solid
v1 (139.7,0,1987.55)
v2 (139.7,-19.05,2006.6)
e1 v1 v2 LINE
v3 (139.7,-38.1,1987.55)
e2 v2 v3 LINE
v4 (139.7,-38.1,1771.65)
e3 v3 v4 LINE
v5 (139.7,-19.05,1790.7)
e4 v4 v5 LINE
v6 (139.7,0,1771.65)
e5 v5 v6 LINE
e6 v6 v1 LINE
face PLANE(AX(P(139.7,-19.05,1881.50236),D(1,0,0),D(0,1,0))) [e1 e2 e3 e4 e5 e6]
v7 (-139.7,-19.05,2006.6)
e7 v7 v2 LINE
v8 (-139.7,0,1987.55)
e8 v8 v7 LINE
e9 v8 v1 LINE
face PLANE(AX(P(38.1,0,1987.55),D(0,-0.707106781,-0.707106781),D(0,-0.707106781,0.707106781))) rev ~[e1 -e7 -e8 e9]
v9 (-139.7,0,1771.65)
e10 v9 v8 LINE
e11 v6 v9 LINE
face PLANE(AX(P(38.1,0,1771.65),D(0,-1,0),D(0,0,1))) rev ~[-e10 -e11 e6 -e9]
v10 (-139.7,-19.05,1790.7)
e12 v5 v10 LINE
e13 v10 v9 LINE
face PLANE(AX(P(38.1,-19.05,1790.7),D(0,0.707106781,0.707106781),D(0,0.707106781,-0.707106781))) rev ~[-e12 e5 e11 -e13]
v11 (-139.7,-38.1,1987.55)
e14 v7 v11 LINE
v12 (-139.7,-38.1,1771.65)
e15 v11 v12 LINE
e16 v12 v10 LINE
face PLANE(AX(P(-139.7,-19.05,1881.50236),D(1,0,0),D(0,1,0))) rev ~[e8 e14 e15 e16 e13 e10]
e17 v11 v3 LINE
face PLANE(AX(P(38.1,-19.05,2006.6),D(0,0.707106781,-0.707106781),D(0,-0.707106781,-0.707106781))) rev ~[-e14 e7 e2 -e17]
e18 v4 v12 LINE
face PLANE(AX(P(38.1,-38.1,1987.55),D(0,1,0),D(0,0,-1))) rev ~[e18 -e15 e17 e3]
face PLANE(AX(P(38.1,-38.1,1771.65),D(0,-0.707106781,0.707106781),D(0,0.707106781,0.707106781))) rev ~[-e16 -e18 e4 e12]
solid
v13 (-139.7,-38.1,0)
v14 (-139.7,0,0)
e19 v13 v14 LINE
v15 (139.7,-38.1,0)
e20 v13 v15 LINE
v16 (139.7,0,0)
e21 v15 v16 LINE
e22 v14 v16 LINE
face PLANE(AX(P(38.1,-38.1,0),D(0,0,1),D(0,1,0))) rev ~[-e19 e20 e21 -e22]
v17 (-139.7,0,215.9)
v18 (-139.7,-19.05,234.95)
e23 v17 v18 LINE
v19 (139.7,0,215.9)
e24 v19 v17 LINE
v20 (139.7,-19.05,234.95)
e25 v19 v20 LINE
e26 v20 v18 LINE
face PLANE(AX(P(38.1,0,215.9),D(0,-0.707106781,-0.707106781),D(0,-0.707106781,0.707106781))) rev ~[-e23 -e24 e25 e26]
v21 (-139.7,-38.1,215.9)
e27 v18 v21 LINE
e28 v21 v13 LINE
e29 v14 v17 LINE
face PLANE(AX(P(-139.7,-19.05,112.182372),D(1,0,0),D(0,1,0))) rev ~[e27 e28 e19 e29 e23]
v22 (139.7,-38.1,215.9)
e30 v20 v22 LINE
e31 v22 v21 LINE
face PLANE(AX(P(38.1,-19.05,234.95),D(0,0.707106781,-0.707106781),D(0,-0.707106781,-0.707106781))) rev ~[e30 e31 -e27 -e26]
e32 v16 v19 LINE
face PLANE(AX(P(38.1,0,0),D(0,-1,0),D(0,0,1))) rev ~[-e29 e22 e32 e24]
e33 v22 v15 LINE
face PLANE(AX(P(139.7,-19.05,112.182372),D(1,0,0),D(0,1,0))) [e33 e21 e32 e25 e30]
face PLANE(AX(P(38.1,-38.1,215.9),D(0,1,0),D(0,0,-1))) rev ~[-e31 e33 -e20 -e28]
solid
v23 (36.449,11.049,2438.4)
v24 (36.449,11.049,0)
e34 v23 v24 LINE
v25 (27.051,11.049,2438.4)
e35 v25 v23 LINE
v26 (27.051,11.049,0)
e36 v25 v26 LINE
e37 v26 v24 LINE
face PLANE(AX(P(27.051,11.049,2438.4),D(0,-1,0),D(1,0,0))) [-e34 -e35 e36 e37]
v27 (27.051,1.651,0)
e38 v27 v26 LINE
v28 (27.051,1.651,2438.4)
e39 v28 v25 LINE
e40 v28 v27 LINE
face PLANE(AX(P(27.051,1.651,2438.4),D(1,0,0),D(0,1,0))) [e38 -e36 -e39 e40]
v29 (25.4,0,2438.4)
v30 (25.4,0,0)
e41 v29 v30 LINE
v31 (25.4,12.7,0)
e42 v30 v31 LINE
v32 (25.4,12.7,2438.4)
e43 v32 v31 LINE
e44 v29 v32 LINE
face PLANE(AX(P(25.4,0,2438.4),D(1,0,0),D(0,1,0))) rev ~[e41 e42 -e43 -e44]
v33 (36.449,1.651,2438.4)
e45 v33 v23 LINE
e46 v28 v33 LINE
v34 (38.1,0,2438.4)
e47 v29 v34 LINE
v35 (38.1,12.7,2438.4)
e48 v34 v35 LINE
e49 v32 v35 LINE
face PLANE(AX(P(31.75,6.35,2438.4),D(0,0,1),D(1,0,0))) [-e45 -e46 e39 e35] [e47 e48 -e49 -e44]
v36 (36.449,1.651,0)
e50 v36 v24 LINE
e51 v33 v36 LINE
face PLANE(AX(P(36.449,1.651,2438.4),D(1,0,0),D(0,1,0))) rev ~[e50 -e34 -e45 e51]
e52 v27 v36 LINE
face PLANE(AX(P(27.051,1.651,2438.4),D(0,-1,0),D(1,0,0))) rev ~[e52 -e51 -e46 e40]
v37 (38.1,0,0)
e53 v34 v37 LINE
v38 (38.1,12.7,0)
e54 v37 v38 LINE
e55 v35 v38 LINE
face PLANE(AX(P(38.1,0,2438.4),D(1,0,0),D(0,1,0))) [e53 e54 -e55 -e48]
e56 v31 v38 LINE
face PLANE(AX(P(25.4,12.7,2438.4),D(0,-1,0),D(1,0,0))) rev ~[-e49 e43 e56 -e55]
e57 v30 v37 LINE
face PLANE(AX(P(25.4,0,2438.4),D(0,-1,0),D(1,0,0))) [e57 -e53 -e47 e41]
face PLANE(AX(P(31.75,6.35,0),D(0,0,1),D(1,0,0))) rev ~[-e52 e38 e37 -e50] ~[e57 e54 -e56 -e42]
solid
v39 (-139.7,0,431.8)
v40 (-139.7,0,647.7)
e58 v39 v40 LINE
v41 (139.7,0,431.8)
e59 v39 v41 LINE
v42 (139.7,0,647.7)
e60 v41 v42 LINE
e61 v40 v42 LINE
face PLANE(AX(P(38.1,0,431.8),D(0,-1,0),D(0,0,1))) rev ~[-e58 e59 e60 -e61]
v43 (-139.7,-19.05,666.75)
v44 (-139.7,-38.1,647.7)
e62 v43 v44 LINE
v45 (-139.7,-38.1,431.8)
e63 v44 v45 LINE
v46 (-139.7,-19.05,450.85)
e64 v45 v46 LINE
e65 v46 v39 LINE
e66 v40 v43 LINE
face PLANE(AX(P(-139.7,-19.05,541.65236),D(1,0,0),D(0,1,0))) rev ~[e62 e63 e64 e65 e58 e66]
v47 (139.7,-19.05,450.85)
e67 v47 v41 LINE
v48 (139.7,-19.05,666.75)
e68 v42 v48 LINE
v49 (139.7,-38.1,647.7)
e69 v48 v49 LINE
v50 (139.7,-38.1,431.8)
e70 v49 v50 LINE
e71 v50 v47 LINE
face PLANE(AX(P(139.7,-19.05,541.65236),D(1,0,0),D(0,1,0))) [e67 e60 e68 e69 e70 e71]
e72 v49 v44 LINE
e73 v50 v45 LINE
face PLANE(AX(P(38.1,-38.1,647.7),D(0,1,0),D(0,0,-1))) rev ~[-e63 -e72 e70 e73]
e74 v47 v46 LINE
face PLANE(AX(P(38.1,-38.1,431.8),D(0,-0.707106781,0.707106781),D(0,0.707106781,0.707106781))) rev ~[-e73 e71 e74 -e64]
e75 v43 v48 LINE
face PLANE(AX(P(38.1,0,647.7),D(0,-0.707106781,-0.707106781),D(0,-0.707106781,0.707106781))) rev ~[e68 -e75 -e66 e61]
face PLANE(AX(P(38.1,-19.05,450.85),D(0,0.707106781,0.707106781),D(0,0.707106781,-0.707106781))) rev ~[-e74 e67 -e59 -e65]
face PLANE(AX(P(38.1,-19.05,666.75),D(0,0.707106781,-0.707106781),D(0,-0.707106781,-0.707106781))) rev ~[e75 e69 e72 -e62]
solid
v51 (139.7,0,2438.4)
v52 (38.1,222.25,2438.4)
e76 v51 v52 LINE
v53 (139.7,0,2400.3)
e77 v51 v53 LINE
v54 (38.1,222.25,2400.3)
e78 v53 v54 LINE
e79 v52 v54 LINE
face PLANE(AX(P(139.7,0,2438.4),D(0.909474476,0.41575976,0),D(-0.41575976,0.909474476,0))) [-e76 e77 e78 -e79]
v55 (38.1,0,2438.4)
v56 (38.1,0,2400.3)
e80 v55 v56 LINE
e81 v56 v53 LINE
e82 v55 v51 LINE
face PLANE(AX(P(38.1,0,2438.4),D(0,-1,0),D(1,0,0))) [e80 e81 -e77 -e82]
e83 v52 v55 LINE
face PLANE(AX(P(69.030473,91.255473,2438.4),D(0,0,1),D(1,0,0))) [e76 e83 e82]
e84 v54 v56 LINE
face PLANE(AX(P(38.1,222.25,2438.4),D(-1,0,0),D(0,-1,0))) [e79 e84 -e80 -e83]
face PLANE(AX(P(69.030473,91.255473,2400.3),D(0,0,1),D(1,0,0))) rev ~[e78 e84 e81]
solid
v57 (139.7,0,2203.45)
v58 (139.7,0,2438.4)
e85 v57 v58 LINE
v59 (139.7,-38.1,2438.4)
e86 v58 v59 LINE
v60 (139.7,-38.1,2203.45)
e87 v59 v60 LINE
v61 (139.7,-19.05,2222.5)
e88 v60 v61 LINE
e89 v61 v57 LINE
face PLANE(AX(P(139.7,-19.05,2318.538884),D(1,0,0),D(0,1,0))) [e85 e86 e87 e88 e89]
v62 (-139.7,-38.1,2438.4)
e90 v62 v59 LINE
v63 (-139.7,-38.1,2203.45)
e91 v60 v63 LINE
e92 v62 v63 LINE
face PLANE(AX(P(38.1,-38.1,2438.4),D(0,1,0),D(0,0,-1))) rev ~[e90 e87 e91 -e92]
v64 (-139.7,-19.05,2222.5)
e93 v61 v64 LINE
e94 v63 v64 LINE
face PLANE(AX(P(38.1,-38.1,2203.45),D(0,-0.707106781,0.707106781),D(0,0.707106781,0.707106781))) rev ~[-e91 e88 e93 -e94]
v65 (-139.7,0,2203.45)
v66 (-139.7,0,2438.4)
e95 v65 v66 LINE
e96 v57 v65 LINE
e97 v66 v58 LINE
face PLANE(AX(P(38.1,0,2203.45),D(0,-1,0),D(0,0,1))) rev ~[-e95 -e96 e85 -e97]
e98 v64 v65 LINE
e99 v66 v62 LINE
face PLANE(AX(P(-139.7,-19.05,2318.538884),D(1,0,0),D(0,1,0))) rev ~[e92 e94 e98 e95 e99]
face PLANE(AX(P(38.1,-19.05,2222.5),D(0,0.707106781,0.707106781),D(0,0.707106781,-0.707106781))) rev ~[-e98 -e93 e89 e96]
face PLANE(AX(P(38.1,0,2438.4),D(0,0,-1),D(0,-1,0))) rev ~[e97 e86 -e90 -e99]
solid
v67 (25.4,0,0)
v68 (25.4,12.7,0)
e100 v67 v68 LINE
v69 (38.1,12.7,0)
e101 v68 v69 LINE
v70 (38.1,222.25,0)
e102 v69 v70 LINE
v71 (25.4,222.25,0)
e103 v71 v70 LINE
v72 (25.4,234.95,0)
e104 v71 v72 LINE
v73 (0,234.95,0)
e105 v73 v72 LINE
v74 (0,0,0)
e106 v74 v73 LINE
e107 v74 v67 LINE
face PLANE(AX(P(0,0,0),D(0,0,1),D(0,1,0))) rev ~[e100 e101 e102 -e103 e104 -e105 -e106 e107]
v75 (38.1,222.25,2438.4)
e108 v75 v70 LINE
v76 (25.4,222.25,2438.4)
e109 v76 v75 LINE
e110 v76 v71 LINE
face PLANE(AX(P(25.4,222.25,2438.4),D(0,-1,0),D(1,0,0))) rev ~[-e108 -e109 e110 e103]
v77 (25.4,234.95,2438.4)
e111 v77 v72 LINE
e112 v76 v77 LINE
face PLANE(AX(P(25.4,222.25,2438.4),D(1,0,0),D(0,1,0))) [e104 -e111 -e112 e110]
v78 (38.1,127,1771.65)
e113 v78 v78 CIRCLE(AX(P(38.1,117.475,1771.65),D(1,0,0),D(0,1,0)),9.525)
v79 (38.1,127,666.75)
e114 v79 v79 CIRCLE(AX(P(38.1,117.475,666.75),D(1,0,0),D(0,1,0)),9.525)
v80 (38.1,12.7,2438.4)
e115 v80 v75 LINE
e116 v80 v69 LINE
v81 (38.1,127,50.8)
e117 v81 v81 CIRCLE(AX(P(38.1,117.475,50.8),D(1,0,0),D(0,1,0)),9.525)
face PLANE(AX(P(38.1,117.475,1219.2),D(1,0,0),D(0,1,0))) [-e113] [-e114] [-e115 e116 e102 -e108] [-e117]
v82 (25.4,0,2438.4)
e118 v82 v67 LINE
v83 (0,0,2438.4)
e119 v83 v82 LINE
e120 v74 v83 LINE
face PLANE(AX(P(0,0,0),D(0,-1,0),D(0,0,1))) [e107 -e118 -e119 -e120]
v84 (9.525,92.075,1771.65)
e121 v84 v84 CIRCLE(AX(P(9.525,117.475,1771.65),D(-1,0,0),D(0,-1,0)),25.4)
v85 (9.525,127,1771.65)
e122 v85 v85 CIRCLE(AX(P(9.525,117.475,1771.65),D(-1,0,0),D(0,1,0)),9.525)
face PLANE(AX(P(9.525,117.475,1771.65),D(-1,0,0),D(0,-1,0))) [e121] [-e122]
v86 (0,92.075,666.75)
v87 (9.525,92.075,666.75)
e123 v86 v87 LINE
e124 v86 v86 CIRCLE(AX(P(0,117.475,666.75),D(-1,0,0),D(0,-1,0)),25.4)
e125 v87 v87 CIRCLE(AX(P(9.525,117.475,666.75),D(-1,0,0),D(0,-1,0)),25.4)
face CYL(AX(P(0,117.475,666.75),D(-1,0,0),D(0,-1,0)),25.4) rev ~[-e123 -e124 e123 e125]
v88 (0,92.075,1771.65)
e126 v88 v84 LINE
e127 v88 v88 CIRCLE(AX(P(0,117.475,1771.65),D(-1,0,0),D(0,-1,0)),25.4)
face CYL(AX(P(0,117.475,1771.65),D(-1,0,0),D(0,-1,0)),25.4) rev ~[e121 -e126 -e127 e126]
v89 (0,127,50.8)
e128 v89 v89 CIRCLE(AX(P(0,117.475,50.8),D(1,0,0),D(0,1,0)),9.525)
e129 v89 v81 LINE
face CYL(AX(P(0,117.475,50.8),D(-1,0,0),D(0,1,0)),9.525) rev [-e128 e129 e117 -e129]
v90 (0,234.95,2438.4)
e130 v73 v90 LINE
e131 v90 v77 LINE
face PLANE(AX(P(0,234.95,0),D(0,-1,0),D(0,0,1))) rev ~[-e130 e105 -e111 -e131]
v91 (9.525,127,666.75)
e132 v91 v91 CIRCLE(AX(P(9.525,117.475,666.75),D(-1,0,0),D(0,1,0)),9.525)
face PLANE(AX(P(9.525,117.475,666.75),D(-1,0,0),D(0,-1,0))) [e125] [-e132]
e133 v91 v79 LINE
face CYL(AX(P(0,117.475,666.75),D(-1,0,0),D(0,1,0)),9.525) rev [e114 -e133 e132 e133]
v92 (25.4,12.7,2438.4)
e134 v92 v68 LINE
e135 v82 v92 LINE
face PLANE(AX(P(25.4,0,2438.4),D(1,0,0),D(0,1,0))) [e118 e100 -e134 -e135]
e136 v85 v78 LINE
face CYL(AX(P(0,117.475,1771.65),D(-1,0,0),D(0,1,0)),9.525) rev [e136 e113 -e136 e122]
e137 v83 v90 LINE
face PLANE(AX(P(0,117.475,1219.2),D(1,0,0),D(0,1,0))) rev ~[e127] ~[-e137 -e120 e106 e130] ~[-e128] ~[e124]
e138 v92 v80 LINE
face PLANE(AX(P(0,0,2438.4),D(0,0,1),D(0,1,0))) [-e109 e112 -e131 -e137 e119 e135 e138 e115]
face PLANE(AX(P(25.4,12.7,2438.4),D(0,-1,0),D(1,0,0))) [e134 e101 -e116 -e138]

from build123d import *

# Parameters (mm, degrees)
F0_W          = 234.95
F0_H          = 2438.4
F0_R          = 9.525
F1_DEPTH      = 38.1
F3_DEPTH      = 177.8
F3_DEPTH_BACK = 101.6
F4_W          = 12.7
F4_H          = 12.7
F5_DEPTH      = 2438.401
F7_DEPTH      = 38.1
F8_W          = 12.7
F8_H          = 12.7
F8_W_2        = 9.398
F8_H_2        = 9.398
F9_DEPTH      = 2438.4
F10_R         = 25.4
F11_DEPTH     = 9.525


with BuildPart() as f1:
    # F0 (on Right) → F1 (new body)
    with BuildSketch(Plane.YZ):
        with Locations((117.475, 1219.2)):
            Rectangle(F0_W, F0_H)
        with Locations((117.475, 50.8)):
            Circle(F0_R, mode=Mode.SUBTRACT)
        with Locations((117.475, 666.75)):
            Circle(F0_R, mode=Mode.SUBTRACT)
        with Locations((117.475, 1771.65)):
            Circle(F0_R, mode=Mode.SUBTRACT)
    extrude(amount=F1_DEPTH)

    # F4 (on face) → F5 (cut, through all)
    with BuildSketch(Plane.XY.offset(2438.4)):
        with Locations((31.75, 228.6)):
            Rectangle(F4_W, F4_H)
        with Locations((31.75, 6.35)):
            Rectangle(F4_W, F4_H)
    extrude(amount=-F5_DEPTH, mode=Mode.SUBTRACT)

    # F10 (on face) → F11 (cut)
    with BuildSketch(Plane(origin=(0, 0, 0), x_dir=(0, -1, 0), z_dir=(-1, 0, 0))):
        with Locations((-117.475, 1771.65)):
            Circle(F10_R)
        with Locations((-117.475, 666.75)):
            Circle(F10_R)
    extrude(amount=-F11_DEPTH, mode=Mode.SUBTRACT)


with BuildPart() as f3:
    # F2 (on face) → F3 (new body, two sides)
    with BuildSketch(Plane.YZ.offset(38.1)) as f3_sk:
        Polygon((-38.1, 215.9), (-38.1, 0), (0, 0), (0, 215.9), (-19.05, 234.95), align=None)
    extrude(amount=-F3_DEPTH)
    extrude(f3_sk.sketch, amount=F3_DEPTH_BACK)


with BuildPart() as f3b:
    # F2 (on face) → F3, piece 2 (new body, two sides)
    with BuildSketch(Plane.YZ.offset(38.1)) as f3_2_sk:
        Polygon((-19.05, 450.85), (0, 431.8), (0, 647.7), (-19.05, 666.75), (-38.1, 647.7), (-38.1, 431.8), align=None)
    extrude(amount=-F3_DEPTH)
    extrude(f3_2_sk.sketch, amount=F3_DEPTH_BACK)


with BuildPart() as f3c:
    # F2 (on face) → F3, piece 3 (new body, two sides)
    with BuildSketch(Plane.YZ.offset(38.1)) as f3_3_sk:
        Polygon((0, 2203.45), (0, 2438.4), (-38.1, 2438.4), (-38.1, 2203.45), (-19.05, 2222.5), align=None)
    extrude(amount=-F3_DEPTH)
    extrude(f3_3_sk.sketch, amount=F3_DEPTH_BACK)


with BuildPart() as f3d:
    # F2 (on face) → F3, piece 4 (new body, two sides)
    with BuildSketch(Plane.YZ.offset(38.1)) as f3_4_sk:
        Polygon((0, 1771.65), (0, 1987.55), (-19.05, 2006.6), (-38.1, 1987.55), (-38.1, 1771.65), (-19.05, 1790.7), align=None)
    extrude(amount=-F3_DEPTH)
    extrude(f3_4_sk.sketch, amount=F3_DEPTH_BACK)


with BuildPart() as f7:
    # F6 (on face) → F7 (new body)
    with BuildSketch(Plane.XY.offset(2438.4)):
        Polygon((139.7, 0), (38.1, 222.25), (38.1, 0), align=None)
    extrude(amount=-F7_DEPTH)


with BuildPart() as f9:
    # F8 (on face) → F9 (new body)
    with BuildSketch(Plane.XY.offset(2438.4)):
        with Locations((31.75, 6.35)):
            Rectangle(F8_W, F8_H)
        with Locations((31.75, 6.35)):
            Rectangle(F8_W_2, F8_H_2, mode=Mode.SUBTRACT)
    extrude(amount=-F9_DEPTH)


solid = Compound([f1.part, f3.part, f3b.part, f3c.part, f3d.part, f7.part, f9.part])
